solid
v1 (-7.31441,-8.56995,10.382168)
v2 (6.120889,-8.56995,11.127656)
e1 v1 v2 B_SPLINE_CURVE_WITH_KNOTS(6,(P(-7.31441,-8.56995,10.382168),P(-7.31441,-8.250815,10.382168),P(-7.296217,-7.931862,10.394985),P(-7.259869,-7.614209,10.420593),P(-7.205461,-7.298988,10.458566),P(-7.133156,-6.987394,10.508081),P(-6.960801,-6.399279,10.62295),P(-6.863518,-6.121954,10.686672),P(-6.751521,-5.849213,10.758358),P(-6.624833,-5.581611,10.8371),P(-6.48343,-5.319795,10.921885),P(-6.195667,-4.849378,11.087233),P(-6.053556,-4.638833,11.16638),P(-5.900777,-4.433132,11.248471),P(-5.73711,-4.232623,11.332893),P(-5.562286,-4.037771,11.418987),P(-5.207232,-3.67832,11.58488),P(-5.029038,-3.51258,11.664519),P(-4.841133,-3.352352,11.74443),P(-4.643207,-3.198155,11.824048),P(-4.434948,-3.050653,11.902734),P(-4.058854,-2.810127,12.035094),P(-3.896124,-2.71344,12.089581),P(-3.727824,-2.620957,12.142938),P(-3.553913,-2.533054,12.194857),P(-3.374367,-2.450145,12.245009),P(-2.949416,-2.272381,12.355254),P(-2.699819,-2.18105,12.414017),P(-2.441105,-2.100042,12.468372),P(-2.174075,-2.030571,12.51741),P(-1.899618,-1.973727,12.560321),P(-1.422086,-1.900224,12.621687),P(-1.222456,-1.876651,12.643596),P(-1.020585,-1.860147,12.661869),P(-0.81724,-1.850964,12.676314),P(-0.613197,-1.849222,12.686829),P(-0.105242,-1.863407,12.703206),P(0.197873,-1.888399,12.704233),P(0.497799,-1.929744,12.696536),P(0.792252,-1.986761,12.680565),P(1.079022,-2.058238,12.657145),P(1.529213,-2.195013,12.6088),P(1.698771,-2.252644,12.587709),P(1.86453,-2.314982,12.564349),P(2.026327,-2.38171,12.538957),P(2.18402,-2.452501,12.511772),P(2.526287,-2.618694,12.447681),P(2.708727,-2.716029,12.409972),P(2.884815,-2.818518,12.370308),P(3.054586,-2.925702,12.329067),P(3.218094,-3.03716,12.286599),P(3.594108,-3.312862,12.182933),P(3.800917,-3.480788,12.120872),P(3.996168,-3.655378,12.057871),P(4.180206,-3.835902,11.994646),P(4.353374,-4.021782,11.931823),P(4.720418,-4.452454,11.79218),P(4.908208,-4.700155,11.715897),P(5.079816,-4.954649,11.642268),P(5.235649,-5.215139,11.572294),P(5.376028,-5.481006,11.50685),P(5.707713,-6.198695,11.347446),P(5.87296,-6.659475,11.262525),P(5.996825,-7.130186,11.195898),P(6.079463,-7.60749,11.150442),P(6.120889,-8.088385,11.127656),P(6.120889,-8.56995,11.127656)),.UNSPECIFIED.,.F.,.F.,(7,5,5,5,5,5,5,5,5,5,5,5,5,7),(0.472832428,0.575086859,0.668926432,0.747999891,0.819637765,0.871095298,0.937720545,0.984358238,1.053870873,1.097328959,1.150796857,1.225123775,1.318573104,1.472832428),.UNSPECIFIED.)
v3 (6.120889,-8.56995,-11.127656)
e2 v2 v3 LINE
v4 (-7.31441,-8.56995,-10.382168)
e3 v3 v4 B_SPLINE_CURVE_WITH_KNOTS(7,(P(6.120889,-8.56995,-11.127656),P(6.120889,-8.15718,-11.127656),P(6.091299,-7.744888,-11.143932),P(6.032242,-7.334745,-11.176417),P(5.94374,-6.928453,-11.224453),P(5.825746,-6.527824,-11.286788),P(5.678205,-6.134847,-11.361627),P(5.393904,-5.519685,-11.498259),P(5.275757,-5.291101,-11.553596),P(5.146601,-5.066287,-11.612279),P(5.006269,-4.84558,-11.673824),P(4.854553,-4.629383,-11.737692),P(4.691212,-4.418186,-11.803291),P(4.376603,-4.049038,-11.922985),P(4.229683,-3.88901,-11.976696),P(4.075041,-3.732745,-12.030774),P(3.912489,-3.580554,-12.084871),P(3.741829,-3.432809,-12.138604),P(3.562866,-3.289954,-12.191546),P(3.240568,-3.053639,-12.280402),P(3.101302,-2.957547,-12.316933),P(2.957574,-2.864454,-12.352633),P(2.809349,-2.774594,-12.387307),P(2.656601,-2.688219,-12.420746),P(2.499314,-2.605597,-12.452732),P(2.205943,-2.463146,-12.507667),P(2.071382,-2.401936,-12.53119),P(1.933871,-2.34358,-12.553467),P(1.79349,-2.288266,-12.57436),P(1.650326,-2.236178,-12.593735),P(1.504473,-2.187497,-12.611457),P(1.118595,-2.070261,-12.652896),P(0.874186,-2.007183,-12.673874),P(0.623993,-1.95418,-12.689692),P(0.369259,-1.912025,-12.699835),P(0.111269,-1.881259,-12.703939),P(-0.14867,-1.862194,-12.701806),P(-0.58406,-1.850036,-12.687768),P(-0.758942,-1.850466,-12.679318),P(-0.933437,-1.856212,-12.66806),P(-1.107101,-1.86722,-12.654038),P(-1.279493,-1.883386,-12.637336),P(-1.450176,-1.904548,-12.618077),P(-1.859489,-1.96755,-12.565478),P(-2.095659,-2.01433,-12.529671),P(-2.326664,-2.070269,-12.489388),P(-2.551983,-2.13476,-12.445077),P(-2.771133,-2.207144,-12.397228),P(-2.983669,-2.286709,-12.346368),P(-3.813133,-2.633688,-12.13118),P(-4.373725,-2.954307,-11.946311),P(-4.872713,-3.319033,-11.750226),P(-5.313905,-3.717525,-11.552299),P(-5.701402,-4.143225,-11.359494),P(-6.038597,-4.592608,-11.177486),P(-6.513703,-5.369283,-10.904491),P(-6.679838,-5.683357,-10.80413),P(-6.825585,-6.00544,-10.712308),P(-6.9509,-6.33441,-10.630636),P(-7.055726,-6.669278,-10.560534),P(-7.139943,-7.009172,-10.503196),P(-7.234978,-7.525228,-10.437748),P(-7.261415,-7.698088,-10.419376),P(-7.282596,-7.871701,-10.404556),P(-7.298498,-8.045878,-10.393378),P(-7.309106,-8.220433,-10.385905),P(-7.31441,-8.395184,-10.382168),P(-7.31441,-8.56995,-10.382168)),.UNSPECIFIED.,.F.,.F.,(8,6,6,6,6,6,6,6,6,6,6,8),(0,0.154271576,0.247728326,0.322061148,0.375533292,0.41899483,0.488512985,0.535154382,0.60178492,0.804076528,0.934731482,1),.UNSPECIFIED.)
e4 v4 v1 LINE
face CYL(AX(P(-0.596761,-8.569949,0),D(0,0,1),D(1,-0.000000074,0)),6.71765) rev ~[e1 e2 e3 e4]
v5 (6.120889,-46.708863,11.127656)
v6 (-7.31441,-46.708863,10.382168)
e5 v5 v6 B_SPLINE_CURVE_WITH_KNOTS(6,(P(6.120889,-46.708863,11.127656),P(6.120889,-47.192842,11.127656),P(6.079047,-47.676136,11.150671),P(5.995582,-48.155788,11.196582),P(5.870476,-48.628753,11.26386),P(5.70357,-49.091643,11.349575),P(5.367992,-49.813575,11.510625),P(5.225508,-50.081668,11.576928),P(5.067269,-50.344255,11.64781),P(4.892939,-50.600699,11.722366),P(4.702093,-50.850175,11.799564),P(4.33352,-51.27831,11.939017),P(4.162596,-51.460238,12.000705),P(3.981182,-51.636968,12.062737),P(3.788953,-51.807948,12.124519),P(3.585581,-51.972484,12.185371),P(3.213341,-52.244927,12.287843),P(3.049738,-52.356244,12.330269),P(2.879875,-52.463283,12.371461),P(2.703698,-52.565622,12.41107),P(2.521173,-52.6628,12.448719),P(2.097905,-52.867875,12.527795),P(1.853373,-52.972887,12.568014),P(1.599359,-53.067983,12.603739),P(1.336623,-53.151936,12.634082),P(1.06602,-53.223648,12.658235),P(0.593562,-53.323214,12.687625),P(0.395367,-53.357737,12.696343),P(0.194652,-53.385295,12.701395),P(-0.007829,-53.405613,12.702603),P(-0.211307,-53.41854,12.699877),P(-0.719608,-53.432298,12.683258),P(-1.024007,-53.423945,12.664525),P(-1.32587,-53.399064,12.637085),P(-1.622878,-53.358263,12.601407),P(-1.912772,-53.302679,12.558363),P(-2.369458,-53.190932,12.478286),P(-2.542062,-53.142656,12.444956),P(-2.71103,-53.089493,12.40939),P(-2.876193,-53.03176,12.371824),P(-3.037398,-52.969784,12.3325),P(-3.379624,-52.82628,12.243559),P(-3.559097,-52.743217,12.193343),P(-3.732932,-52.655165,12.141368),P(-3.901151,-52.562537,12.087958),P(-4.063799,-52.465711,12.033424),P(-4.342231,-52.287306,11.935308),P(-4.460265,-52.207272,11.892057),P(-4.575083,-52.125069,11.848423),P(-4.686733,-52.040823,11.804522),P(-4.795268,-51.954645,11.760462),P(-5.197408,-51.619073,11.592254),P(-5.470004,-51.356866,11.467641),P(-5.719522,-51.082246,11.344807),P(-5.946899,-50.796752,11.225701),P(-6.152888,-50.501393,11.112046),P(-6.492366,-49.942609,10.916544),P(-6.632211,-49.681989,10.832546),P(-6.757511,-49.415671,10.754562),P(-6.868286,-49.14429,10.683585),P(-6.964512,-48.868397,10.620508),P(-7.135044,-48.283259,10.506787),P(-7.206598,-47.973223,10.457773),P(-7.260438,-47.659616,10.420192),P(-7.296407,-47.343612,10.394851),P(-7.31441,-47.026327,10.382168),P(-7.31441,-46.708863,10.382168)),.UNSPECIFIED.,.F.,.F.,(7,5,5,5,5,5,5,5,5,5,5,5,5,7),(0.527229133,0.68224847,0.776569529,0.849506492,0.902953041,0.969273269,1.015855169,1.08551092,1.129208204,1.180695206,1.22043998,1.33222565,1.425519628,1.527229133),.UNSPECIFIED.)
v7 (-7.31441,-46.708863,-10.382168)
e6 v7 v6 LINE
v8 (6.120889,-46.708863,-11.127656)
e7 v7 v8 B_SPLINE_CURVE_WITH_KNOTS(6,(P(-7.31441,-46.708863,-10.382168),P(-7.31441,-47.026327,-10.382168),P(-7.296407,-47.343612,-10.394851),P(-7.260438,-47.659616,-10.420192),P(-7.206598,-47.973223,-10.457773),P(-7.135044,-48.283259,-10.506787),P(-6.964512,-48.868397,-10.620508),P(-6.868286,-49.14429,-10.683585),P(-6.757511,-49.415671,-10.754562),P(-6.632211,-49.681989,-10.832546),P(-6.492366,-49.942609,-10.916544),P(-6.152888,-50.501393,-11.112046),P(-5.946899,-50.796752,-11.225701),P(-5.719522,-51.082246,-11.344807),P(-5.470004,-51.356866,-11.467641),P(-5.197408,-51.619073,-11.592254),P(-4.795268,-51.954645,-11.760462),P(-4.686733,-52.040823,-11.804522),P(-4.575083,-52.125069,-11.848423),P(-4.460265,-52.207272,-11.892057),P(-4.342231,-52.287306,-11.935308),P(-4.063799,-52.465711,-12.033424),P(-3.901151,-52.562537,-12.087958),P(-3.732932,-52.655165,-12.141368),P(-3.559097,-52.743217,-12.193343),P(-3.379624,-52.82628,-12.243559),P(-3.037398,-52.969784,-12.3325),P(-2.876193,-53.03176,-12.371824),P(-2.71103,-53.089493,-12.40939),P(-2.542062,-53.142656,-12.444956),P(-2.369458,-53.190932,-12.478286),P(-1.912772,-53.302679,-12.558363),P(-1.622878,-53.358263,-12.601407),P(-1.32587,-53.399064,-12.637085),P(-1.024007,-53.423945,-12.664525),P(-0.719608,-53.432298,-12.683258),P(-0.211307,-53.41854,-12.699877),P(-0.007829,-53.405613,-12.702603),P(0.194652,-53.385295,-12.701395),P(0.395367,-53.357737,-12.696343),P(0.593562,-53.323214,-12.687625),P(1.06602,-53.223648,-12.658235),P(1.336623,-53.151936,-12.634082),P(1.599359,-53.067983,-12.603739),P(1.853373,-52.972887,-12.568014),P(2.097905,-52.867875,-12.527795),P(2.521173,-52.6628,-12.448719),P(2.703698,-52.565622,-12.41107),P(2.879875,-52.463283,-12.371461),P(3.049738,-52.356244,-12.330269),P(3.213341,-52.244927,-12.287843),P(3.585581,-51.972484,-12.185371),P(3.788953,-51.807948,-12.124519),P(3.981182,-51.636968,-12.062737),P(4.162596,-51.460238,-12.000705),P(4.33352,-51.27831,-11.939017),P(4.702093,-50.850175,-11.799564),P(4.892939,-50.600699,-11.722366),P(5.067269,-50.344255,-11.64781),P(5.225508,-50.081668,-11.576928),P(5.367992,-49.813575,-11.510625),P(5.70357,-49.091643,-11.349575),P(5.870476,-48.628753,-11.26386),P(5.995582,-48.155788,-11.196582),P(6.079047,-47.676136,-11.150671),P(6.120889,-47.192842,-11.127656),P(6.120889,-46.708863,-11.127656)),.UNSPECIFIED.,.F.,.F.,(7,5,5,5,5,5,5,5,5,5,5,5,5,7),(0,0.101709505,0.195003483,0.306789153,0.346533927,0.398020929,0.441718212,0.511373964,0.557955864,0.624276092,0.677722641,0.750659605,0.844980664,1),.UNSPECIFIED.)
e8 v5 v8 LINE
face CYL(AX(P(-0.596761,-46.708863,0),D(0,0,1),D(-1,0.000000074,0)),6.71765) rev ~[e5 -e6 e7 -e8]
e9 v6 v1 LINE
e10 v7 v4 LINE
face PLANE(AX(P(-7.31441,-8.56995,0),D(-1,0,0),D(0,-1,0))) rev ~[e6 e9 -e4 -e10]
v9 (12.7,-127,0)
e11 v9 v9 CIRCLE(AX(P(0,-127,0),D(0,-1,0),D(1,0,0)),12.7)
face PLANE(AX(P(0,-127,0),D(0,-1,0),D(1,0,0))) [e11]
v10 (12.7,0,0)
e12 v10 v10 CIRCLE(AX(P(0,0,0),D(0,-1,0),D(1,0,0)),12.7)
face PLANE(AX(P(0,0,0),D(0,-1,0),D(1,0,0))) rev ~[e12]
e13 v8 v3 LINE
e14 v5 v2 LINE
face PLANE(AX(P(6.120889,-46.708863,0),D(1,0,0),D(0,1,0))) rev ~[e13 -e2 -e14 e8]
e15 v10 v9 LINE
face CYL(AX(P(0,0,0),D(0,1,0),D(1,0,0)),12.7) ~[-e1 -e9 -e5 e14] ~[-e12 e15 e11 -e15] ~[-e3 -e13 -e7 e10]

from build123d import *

# Parameters (mm, degrees)
F0_R     = 12.7
F1_DEPTH = 127
F3_DEPTH = 12.7


with BuildPart() as f1:
    # F0 (on Front) → F1 (new body)
    with BuildSketch(Plane.XZ):
        Circle(F0_R)
    extrude(amount=F1_DEPTH)

    # F2 (on Top) → F3 (cut, symmetric)
    with BuildSketch(Plane.XY):
        with BuildLine():
            ThreePointArc((6.120889, -8.56995), (-0.59676, -1.8523), (-7.31441, -8.56995))
            Line((-7.31441, -8.56995), (-7.31441, -46.708863))
            ThreePointArc((-7.31441, -46.708863), (-0.59676, -53.426513), (6.120889, -46.708863))
            Line((6.120889, -46.708863), (6.120889, -8.56995))
        make_face()
    extrude(amount=F3_DEPTH, both=True, mode=Mode.SUBTRACT)


solid = f1.part
